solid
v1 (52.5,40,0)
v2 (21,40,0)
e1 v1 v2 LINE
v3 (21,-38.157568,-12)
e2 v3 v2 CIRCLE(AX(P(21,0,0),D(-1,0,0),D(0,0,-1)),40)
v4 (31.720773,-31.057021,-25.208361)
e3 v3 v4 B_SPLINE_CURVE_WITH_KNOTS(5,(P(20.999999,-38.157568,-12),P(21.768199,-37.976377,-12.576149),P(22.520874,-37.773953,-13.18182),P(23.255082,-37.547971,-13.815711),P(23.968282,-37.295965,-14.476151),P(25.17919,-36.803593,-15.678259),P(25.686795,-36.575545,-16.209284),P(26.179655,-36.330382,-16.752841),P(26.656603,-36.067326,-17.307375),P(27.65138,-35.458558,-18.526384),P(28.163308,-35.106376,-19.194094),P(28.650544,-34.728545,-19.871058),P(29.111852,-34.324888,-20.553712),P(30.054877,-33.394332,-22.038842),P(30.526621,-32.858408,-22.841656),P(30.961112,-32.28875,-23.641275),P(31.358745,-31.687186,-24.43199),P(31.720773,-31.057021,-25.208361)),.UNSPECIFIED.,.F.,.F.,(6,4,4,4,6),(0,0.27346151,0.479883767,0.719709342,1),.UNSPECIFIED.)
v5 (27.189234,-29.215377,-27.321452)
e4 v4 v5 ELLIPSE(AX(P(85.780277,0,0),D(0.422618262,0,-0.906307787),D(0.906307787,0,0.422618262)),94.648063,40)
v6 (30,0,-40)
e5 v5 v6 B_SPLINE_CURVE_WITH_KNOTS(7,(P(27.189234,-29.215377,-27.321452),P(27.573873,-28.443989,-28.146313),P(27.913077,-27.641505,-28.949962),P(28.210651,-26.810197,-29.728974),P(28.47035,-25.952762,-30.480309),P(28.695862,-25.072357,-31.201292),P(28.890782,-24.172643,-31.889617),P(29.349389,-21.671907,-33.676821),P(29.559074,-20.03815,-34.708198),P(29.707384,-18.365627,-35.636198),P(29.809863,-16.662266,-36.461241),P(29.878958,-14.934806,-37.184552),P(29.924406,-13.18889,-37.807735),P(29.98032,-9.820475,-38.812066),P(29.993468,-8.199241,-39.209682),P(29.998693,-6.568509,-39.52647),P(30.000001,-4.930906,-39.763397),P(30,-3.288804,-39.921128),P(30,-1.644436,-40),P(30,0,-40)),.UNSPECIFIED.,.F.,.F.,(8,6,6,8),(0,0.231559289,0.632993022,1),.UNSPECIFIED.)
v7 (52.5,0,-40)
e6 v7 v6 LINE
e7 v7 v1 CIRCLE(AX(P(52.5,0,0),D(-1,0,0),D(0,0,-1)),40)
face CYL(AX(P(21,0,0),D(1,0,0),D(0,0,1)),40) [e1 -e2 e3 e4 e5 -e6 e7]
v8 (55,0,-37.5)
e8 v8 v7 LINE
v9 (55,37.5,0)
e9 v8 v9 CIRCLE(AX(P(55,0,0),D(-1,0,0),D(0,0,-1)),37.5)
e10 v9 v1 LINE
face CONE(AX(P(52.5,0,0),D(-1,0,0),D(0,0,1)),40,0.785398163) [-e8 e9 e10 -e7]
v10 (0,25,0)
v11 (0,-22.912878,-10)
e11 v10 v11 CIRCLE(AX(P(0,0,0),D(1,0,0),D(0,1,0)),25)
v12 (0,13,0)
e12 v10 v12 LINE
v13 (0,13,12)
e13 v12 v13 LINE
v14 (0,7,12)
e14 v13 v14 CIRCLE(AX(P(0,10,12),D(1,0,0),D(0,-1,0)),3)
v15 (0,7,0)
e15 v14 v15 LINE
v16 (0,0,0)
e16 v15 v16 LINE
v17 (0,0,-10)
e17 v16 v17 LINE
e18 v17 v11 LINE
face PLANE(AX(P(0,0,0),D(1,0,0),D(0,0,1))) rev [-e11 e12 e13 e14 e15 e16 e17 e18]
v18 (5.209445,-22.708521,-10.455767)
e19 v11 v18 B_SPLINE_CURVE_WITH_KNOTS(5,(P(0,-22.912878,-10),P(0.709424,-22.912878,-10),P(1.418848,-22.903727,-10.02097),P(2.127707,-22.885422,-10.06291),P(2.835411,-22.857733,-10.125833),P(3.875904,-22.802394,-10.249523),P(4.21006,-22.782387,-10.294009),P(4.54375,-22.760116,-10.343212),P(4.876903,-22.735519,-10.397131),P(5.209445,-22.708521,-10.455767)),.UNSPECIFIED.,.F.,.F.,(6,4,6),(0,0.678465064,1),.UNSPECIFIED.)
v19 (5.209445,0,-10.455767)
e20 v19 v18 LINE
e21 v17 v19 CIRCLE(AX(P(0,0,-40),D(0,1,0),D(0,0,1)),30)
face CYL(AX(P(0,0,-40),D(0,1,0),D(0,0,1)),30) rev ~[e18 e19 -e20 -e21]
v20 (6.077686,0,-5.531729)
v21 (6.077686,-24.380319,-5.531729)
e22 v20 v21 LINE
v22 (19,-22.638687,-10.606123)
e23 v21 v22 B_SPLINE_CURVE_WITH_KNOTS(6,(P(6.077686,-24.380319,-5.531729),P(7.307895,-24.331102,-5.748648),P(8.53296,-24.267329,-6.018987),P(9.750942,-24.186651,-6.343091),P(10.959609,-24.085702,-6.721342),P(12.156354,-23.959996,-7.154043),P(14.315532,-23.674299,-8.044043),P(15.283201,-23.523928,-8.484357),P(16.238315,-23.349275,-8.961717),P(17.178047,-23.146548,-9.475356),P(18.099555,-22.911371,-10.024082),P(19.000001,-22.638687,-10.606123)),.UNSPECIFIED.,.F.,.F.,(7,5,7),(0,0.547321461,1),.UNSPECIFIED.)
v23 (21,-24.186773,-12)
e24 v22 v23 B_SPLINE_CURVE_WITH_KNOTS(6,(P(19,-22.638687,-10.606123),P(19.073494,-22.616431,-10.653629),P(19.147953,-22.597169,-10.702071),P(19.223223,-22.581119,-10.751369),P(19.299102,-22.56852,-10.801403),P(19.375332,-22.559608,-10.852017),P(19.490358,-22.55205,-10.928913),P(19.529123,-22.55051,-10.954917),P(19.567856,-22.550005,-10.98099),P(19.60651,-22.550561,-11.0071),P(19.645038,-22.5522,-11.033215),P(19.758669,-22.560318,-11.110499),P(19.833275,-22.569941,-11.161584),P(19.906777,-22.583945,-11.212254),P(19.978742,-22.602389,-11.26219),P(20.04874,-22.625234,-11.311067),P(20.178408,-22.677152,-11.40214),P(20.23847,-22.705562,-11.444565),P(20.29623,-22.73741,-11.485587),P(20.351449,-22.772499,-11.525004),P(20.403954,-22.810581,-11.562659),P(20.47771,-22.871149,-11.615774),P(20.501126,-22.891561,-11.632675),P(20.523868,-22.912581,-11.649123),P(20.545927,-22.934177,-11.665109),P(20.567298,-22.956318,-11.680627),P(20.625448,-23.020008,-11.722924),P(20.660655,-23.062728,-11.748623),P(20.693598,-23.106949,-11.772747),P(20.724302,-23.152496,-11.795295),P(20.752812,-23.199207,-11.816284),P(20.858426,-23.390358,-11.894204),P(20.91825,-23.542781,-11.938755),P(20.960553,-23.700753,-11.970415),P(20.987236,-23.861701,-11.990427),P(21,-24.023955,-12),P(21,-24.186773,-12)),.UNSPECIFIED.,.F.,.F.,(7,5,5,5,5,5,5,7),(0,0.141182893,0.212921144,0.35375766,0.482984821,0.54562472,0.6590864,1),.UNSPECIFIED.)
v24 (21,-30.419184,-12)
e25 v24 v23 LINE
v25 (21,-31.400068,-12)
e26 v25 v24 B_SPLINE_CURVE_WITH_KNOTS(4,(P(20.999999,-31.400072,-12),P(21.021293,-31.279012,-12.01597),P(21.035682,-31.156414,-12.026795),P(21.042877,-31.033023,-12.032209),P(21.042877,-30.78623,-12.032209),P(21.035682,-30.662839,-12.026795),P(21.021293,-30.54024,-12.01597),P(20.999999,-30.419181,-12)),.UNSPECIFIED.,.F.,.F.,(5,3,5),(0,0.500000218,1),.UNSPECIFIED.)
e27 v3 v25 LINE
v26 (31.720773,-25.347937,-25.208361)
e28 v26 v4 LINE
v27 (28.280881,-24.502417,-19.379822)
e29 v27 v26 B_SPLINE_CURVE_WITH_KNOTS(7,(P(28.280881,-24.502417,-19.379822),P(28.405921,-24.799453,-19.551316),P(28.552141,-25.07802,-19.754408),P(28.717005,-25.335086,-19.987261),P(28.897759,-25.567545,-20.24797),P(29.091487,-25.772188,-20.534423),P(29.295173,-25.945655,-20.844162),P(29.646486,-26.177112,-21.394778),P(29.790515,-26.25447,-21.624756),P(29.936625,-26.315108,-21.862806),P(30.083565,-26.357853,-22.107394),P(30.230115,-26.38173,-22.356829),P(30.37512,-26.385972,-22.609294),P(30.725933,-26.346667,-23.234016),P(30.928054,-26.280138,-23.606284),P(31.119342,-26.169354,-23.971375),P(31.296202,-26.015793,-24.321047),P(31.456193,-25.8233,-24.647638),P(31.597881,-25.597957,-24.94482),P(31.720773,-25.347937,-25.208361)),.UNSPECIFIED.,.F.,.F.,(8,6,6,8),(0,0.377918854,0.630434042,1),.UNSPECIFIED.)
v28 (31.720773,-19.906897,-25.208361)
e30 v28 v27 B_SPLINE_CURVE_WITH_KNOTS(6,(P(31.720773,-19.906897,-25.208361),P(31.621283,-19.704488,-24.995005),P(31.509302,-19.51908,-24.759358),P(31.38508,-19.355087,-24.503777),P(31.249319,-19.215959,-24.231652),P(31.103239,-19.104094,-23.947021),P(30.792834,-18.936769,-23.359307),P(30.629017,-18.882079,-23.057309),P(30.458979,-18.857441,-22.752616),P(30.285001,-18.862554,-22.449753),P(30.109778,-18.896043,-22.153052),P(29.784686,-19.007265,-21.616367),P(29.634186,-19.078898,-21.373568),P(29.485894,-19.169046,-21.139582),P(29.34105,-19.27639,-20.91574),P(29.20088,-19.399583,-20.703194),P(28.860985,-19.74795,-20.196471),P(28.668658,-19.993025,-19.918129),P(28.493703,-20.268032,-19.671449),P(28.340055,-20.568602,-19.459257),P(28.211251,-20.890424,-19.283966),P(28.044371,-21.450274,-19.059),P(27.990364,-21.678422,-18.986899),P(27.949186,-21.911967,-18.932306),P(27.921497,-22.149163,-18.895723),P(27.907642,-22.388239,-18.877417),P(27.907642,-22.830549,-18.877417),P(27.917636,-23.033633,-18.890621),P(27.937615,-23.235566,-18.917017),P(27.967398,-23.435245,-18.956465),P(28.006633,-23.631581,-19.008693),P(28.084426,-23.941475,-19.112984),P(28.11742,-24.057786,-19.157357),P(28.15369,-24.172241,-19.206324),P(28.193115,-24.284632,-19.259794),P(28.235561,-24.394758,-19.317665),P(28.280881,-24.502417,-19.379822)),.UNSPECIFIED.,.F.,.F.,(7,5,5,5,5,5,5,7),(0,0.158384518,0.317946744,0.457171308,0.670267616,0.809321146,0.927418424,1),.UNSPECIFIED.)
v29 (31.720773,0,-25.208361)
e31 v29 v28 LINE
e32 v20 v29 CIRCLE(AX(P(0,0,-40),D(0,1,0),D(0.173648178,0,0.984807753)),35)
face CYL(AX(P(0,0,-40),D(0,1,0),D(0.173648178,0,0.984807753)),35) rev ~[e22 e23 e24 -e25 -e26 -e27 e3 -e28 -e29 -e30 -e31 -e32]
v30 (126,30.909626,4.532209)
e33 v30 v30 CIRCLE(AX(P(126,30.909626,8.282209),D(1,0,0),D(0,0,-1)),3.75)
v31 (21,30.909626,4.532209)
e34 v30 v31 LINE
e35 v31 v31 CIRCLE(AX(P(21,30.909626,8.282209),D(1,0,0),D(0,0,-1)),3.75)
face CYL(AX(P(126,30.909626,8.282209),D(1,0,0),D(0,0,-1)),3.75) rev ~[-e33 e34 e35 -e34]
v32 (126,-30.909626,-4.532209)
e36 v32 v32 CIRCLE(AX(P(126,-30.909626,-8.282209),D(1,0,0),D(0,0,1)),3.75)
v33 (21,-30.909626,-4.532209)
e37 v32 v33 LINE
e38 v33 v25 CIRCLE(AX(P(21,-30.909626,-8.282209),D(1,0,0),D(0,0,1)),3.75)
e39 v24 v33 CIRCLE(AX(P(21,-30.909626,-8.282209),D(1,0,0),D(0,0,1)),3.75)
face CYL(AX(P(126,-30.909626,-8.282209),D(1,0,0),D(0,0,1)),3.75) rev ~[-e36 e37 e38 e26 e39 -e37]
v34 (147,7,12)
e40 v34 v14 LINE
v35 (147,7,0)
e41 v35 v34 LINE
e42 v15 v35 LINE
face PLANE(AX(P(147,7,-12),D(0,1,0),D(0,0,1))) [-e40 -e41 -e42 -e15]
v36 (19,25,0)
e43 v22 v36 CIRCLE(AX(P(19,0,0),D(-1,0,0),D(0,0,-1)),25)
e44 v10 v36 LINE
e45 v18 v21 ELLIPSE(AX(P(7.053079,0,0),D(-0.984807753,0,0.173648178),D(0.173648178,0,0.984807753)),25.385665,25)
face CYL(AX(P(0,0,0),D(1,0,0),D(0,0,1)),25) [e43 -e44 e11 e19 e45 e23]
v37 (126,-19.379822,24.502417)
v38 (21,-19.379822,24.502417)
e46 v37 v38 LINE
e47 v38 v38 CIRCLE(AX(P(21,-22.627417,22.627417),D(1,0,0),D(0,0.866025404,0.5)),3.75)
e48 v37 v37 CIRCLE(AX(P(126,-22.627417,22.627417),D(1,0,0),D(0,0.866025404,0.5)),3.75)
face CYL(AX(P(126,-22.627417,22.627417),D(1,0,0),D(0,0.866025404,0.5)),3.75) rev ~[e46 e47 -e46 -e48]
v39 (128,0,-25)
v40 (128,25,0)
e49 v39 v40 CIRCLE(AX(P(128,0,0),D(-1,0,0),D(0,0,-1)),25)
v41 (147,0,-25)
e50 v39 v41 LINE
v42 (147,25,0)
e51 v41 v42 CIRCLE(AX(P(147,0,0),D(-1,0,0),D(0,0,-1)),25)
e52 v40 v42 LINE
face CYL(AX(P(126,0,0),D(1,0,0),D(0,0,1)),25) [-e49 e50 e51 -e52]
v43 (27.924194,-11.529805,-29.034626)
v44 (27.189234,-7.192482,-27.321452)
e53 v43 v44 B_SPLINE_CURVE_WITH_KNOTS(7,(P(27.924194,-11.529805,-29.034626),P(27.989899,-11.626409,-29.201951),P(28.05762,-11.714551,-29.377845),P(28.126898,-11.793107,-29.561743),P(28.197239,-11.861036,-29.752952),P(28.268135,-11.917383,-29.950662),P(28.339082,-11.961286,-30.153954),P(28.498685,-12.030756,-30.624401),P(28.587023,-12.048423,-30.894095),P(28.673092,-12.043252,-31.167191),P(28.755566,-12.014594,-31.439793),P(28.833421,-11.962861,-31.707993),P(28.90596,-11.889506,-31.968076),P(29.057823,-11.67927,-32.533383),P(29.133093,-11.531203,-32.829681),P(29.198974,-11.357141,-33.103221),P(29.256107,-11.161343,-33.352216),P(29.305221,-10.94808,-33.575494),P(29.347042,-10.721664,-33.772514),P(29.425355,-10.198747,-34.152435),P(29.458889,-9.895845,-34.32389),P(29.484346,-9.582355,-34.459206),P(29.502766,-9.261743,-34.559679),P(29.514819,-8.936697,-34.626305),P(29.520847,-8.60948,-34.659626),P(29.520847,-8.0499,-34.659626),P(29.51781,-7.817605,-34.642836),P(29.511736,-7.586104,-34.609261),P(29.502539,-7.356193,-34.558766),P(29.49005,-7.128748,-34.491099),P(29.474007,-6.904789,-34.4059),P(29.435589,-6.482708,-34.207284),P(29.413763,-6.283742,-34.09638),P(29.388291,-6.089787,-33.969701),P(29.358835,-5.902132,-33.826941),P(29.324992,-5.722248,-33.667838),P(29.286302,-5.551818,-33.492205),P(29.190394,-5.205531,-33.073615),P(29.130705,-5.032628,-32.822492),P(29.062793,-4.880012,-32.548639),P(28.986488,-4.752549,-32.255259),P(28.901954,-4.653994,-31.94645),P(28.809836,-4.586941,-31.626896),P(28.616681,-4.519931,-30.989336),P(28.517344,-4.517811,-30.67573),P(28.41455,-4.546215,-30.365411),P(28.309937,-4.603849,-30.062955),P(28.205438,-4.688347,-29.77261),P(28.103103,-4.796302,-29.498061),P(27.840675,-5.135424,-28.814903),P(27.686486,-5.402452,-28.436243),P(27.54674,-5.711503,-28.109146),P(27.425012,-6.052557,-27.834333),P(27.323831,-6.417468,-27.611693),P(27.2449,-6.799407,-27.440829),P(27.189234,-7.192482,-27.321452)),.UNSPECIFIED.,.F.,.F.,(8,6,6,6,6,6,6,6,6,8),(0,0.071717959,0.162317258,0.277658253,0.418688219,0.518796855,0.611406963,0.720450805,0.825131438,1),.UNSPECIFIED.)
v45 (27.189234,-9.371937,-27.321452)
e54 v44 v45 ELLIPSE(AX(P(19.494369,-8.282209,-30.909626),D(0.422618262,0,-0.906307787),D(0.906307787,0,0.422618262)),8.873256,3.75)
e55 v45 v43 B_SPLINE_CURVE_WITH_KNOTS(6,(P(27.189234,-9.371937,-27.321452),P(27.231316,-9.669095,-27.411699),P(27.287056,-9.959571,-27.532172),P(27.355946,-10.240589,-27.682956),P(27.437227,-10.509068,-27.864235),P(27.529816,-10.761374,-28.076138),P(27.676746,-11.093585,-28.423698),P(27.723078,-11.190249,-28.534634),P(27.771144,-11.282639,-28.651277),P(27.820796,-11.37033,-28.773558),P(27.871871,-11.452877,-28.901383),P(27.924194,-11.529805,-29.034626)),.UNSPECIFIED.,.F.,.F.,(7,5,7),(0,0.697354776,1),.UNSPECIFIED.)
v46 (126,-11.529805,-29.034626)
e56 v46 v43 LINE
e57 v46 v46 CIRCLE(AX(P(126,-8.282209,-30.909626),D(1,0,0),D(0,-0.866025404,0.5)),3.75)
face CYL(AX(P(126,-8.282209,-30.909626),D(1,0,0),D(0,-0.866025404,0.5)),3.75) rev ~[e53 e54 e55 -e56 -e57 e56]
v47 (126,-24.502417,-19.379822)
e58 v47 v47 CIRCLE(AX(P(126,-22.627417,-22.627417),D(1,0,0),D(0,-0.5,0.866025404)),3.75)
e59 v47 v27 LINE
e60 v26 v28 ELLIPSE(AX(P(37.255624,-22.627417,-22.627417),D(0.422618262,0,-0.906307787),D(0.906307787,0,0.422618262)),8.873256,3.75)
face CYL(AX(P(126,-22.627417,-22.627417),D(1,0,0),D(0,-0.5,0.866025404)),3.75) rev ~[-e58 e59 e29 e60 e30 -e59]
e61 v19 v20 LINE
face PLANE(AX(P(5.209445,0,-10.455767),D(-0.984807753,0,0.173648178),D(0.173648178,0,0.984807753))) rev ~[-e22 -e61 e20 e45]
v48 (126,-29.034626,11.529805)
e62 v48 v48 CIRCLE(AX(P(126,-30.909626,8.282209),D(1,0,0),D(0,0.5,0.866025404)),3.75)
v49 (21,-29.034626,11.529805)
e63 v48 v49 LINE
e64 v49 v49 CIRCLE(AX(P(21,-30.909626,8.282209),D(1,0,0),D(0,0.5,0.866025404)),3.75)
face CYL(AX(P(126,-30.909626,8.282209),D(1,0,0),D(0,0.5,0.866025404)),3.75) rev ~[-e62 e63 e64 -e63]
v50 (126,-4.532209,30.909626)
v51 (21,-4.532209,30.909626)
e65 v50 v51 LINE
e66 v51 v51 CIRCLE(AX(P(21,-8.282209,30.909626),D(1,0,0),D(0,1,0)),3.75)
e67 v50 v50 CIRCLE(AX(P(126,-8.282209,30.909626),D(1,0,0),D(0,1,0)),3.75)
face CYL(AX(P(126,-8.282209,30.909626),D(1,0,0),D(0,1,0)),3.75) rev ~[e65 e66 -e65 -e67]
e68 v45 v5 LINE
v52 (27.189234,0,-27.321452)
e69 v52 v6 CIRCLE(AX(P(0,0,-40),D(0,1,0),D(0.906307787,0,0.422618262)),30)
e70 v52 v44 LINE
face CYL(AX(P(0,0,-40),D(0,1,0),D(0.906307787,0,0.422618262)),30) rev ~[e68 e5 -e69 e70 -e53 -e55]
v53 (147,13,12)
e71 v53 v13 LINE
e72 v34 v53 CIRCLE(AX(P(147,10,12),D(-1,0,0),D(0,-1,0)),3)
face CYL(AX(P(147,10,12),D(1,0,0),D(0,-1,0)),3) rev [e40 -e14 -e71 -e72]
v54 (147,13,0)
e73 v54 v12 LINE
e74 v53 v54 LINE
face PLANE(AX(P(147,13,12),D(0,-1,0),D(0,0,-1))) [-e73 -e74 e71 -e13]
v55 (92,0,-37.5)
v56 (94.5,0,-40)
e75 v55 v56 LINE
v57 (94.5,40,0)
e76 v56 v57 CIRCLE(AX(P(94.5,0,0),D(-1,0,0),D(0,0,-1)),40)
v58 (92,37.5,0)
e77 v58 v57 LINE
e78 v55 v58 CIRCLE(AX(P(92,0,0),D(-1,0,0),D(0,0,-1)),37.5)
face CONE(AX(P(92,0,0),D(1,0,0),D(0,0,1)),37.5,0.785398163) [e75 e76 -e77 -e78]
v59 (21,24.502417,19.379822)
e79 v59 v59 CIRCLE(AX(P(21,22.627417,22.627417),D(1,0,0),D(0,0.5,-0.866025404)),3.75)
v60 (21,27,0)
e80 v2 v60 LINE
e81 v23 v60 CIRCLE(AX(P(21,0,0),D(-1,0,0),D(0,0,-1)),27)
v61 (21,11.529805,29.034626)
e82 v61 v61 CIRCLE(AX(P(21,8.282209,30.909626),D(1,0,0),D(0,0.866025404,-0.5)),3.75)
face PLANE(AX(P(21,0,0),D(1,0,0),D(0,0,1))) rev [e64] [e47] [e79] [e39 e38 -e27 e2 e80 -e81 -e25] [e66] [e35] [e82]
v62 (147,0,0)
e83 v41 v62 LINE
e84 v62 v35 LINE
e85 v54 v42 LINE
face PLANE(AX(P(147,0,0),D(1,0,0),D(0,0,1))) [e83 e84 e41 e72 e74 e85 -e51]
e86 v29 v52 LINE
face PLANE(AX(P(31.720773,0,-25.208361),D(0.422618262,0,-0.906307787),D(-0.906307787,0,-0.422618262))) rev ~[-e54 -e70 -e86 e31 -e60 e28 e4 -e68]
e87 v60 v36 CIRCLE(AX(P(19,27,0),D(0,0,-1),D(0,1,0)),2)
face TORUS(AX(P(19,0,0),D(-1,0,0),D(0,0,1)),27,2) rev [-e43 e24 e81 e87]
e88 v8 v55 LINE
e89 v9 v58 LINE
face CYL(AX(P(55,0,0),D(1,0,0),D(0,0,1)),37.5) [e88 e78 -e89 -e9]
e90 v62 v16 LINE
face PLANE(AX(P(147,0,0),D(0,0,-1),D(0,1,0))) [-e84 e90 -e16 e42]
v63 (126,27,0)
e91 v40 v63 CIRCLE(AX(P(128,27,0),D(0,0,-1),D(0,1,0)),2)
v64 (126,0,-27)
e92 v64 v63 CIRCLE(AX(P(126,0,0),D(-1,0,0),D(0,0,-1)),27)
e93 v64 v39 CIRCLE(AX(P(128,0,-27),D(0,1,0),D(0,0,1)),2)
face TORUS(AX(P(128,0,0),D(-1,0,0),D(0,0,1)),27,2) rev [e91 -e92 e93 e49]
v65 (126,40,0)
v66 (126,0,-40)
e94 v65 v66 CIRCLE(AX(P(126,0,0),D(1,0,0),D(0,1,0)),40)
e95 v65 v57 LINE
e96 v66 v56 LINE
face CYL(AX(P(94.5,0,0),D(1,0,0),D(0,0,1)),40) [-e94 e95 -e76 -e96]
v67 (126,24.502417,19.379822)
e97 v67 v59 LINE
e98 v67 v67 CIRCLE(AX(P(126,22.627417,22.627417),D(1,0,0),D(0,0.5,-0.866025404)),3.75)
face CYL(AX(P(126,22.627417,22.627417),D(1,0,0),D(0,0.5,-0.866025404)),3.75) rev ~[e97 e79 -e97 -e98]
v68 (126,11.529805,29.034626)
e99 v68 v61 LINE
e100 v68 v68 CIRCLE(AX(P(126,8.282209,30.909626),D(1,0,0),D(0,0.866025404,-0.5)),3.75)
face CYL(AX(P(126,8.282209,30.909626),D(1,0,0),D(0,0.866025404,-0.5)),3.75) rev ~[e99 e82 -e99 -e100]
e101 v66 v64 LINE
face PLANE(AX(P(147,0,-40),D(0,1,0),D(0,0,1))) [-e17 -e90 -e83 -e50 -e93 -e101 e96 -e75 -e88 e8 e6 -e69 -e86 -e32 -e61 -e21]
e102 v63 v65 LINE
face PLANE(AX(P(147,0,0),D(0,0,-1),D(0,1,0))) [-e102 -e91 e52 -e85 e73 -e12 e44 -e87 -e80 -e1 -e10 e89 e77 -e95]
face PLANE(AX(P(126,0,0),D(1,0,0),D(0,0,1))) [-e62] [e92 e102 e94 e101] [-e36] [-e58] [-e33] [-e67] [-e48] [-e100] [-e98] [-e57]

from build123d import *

# Parameters (mm, degrees)
CONG_1_R                     = 2
ENL_V_MAT_EXTRU_1_DEPTH      = 158.508729917
ENL_V_MAT_EXTRU_2_DEPTH      = 158.508729917
ESQUISSE6_R                  = 3.75
ENL_V_MAT_EXTRU_4_DEPTH      = 139.115893365
R_P_TITION_CIRCULAIRE1_COUNT = 9
R_P_TITION_CIRCULAIRE1_ANGLE = 240
ENL_V_MAT_EXTRU_5_DEPTH      = 80


with BuildPart() as part:
    # Esquisse1 → Révolution1 (revolve)
    with BuildSketch(Plane.XY, mode=Mode.PRIVATE) as r_volution1_sk:
        Polygon((0, 0), (0, 25), (21, 25), (21, 40), (52.5, 40), (55, 37.5), (92, 37.5), (94.5, 40), (126, 40), (126, 25), (147, 25), (147, 0), align=None)
    revolve(r_volution1_sk.sketch.rotate(Axis((0, 0, 0), (1, 0, 0)), 90), axis=Axis((0, 0, 0), (1, 0, 0)))

    # Congé1
    cong_1_edges = [part.edges().sort_by_distance(p)[0] for p in [
        (126, 0, -25),
        (21, 0, -25),
    ]]
    fillet(cong_1_edges, radius=CONG_1_R)

    # Esquisse3 → Enlèv. mat.-Extru.1 (cut, through all)
    with BuildSketch(Plane(origin=(147, 0, 0), x_dir=(0, 0, -1), z_dir=(1, 0, 0))):
        with BuildLine():
            Line((0, 0), (0, 40))
            ThreePointArc((0, 40), (28.284271247, 28.284271247), (40, 0))
            Line((40, 0), (0, 0))
        make_face()
    extrude(amount=-ENL_V_MAT_EXTRU_1_DEPTH, mode=Mode.SUBTRACT)

    # Esquisse4 → Enlèv. mat.-Extru.2 (cut, through all)
    with BuildSketch(Plane(origin=(147, 0, 0), x_dir=(0, 0, -1), z_dir=(1, 0, 0))):
        with BuildLine():
            Line((12, 7), (-12, 7))
            ThreePointArc((-12, 7), (-15, 10), (-12, 13))
            Line((-12, 13), (12, 13))
            ThreePointArc((12, 13), (15, 10), (12, 7))
        make_face()
    extrude(amount=-ENL_V_MAT_EXTRU_2_DEPTH, mode=Mode.SUBTRACT)

    # Esquisse6 → Enlèv. mat.-Extru.4 (cut, through all)
    with BuildSketch(Plane(origin=(126, 0, 0), x_dir=(0, 0, -1), z_dir=(1, 0, 0))):
        with Locations((-8.282209443, 30.909626441)):
            Circle(ESQUISSE6_R)
    enl_v_mat_extru_4 = extrude(amount=-ENL_V_MAT_EXTRU_4_DEPTH, mode=Mode.SUBTRACT)

    # Répétition circulaire1: Enlèv. mat.-Extru.4 ×9 about axis
    r_p_tition_circulaire1_axis = Axis((0, 0, 0), (1, 0, 0))
    for i in range(1, R_P_TITION_CIRCULAIRE1_COUNT):
        add(enl_v_mat_extru_4.rotate(r_p_tition_circulaire1_axis, i * R_P_TITION_CIRCULAIRE1_ANGLE / (R_P_TITION_CIRCULAIRE1_COUNT - 1)), mode=Mode.SUBTRACT)

    # Esquisse7 → Enlèv. mat.-Extru.5 (cut)
    with BuildSketch(Plane(origin=(0, 0, 0), x_dir=(1, 0, 0), z_dir=(0, 1, 0))):
        with BuildLine():
            Line((30, 40), (0, 40))
            Line((0, 40), (0, 10))
            ThreePointArc((0, 10), (2.614672282, 10.114159057), (5.20944533, 10.45576741))
            Line((5.20944533, 10.45576741), (6.077686218, 5.531728645))
            ThreePointArc((6.077686218, 5.531728645), (21.306650015, 12.23263309), (31.720772546, 25.208360839))
            Line((31.720772546, 25.208360839), (27.189233611, 27.321452148))
            ThreePointArc((27.189233611, 27.321452148), (29.288880214, 33.506811582), (30, 40))
        make_face()
    extrude(amount=-ENL_V_MAT_EXTRU_5_DEPTH, mode=Mode.SUBTRACT)


solid = part.part
